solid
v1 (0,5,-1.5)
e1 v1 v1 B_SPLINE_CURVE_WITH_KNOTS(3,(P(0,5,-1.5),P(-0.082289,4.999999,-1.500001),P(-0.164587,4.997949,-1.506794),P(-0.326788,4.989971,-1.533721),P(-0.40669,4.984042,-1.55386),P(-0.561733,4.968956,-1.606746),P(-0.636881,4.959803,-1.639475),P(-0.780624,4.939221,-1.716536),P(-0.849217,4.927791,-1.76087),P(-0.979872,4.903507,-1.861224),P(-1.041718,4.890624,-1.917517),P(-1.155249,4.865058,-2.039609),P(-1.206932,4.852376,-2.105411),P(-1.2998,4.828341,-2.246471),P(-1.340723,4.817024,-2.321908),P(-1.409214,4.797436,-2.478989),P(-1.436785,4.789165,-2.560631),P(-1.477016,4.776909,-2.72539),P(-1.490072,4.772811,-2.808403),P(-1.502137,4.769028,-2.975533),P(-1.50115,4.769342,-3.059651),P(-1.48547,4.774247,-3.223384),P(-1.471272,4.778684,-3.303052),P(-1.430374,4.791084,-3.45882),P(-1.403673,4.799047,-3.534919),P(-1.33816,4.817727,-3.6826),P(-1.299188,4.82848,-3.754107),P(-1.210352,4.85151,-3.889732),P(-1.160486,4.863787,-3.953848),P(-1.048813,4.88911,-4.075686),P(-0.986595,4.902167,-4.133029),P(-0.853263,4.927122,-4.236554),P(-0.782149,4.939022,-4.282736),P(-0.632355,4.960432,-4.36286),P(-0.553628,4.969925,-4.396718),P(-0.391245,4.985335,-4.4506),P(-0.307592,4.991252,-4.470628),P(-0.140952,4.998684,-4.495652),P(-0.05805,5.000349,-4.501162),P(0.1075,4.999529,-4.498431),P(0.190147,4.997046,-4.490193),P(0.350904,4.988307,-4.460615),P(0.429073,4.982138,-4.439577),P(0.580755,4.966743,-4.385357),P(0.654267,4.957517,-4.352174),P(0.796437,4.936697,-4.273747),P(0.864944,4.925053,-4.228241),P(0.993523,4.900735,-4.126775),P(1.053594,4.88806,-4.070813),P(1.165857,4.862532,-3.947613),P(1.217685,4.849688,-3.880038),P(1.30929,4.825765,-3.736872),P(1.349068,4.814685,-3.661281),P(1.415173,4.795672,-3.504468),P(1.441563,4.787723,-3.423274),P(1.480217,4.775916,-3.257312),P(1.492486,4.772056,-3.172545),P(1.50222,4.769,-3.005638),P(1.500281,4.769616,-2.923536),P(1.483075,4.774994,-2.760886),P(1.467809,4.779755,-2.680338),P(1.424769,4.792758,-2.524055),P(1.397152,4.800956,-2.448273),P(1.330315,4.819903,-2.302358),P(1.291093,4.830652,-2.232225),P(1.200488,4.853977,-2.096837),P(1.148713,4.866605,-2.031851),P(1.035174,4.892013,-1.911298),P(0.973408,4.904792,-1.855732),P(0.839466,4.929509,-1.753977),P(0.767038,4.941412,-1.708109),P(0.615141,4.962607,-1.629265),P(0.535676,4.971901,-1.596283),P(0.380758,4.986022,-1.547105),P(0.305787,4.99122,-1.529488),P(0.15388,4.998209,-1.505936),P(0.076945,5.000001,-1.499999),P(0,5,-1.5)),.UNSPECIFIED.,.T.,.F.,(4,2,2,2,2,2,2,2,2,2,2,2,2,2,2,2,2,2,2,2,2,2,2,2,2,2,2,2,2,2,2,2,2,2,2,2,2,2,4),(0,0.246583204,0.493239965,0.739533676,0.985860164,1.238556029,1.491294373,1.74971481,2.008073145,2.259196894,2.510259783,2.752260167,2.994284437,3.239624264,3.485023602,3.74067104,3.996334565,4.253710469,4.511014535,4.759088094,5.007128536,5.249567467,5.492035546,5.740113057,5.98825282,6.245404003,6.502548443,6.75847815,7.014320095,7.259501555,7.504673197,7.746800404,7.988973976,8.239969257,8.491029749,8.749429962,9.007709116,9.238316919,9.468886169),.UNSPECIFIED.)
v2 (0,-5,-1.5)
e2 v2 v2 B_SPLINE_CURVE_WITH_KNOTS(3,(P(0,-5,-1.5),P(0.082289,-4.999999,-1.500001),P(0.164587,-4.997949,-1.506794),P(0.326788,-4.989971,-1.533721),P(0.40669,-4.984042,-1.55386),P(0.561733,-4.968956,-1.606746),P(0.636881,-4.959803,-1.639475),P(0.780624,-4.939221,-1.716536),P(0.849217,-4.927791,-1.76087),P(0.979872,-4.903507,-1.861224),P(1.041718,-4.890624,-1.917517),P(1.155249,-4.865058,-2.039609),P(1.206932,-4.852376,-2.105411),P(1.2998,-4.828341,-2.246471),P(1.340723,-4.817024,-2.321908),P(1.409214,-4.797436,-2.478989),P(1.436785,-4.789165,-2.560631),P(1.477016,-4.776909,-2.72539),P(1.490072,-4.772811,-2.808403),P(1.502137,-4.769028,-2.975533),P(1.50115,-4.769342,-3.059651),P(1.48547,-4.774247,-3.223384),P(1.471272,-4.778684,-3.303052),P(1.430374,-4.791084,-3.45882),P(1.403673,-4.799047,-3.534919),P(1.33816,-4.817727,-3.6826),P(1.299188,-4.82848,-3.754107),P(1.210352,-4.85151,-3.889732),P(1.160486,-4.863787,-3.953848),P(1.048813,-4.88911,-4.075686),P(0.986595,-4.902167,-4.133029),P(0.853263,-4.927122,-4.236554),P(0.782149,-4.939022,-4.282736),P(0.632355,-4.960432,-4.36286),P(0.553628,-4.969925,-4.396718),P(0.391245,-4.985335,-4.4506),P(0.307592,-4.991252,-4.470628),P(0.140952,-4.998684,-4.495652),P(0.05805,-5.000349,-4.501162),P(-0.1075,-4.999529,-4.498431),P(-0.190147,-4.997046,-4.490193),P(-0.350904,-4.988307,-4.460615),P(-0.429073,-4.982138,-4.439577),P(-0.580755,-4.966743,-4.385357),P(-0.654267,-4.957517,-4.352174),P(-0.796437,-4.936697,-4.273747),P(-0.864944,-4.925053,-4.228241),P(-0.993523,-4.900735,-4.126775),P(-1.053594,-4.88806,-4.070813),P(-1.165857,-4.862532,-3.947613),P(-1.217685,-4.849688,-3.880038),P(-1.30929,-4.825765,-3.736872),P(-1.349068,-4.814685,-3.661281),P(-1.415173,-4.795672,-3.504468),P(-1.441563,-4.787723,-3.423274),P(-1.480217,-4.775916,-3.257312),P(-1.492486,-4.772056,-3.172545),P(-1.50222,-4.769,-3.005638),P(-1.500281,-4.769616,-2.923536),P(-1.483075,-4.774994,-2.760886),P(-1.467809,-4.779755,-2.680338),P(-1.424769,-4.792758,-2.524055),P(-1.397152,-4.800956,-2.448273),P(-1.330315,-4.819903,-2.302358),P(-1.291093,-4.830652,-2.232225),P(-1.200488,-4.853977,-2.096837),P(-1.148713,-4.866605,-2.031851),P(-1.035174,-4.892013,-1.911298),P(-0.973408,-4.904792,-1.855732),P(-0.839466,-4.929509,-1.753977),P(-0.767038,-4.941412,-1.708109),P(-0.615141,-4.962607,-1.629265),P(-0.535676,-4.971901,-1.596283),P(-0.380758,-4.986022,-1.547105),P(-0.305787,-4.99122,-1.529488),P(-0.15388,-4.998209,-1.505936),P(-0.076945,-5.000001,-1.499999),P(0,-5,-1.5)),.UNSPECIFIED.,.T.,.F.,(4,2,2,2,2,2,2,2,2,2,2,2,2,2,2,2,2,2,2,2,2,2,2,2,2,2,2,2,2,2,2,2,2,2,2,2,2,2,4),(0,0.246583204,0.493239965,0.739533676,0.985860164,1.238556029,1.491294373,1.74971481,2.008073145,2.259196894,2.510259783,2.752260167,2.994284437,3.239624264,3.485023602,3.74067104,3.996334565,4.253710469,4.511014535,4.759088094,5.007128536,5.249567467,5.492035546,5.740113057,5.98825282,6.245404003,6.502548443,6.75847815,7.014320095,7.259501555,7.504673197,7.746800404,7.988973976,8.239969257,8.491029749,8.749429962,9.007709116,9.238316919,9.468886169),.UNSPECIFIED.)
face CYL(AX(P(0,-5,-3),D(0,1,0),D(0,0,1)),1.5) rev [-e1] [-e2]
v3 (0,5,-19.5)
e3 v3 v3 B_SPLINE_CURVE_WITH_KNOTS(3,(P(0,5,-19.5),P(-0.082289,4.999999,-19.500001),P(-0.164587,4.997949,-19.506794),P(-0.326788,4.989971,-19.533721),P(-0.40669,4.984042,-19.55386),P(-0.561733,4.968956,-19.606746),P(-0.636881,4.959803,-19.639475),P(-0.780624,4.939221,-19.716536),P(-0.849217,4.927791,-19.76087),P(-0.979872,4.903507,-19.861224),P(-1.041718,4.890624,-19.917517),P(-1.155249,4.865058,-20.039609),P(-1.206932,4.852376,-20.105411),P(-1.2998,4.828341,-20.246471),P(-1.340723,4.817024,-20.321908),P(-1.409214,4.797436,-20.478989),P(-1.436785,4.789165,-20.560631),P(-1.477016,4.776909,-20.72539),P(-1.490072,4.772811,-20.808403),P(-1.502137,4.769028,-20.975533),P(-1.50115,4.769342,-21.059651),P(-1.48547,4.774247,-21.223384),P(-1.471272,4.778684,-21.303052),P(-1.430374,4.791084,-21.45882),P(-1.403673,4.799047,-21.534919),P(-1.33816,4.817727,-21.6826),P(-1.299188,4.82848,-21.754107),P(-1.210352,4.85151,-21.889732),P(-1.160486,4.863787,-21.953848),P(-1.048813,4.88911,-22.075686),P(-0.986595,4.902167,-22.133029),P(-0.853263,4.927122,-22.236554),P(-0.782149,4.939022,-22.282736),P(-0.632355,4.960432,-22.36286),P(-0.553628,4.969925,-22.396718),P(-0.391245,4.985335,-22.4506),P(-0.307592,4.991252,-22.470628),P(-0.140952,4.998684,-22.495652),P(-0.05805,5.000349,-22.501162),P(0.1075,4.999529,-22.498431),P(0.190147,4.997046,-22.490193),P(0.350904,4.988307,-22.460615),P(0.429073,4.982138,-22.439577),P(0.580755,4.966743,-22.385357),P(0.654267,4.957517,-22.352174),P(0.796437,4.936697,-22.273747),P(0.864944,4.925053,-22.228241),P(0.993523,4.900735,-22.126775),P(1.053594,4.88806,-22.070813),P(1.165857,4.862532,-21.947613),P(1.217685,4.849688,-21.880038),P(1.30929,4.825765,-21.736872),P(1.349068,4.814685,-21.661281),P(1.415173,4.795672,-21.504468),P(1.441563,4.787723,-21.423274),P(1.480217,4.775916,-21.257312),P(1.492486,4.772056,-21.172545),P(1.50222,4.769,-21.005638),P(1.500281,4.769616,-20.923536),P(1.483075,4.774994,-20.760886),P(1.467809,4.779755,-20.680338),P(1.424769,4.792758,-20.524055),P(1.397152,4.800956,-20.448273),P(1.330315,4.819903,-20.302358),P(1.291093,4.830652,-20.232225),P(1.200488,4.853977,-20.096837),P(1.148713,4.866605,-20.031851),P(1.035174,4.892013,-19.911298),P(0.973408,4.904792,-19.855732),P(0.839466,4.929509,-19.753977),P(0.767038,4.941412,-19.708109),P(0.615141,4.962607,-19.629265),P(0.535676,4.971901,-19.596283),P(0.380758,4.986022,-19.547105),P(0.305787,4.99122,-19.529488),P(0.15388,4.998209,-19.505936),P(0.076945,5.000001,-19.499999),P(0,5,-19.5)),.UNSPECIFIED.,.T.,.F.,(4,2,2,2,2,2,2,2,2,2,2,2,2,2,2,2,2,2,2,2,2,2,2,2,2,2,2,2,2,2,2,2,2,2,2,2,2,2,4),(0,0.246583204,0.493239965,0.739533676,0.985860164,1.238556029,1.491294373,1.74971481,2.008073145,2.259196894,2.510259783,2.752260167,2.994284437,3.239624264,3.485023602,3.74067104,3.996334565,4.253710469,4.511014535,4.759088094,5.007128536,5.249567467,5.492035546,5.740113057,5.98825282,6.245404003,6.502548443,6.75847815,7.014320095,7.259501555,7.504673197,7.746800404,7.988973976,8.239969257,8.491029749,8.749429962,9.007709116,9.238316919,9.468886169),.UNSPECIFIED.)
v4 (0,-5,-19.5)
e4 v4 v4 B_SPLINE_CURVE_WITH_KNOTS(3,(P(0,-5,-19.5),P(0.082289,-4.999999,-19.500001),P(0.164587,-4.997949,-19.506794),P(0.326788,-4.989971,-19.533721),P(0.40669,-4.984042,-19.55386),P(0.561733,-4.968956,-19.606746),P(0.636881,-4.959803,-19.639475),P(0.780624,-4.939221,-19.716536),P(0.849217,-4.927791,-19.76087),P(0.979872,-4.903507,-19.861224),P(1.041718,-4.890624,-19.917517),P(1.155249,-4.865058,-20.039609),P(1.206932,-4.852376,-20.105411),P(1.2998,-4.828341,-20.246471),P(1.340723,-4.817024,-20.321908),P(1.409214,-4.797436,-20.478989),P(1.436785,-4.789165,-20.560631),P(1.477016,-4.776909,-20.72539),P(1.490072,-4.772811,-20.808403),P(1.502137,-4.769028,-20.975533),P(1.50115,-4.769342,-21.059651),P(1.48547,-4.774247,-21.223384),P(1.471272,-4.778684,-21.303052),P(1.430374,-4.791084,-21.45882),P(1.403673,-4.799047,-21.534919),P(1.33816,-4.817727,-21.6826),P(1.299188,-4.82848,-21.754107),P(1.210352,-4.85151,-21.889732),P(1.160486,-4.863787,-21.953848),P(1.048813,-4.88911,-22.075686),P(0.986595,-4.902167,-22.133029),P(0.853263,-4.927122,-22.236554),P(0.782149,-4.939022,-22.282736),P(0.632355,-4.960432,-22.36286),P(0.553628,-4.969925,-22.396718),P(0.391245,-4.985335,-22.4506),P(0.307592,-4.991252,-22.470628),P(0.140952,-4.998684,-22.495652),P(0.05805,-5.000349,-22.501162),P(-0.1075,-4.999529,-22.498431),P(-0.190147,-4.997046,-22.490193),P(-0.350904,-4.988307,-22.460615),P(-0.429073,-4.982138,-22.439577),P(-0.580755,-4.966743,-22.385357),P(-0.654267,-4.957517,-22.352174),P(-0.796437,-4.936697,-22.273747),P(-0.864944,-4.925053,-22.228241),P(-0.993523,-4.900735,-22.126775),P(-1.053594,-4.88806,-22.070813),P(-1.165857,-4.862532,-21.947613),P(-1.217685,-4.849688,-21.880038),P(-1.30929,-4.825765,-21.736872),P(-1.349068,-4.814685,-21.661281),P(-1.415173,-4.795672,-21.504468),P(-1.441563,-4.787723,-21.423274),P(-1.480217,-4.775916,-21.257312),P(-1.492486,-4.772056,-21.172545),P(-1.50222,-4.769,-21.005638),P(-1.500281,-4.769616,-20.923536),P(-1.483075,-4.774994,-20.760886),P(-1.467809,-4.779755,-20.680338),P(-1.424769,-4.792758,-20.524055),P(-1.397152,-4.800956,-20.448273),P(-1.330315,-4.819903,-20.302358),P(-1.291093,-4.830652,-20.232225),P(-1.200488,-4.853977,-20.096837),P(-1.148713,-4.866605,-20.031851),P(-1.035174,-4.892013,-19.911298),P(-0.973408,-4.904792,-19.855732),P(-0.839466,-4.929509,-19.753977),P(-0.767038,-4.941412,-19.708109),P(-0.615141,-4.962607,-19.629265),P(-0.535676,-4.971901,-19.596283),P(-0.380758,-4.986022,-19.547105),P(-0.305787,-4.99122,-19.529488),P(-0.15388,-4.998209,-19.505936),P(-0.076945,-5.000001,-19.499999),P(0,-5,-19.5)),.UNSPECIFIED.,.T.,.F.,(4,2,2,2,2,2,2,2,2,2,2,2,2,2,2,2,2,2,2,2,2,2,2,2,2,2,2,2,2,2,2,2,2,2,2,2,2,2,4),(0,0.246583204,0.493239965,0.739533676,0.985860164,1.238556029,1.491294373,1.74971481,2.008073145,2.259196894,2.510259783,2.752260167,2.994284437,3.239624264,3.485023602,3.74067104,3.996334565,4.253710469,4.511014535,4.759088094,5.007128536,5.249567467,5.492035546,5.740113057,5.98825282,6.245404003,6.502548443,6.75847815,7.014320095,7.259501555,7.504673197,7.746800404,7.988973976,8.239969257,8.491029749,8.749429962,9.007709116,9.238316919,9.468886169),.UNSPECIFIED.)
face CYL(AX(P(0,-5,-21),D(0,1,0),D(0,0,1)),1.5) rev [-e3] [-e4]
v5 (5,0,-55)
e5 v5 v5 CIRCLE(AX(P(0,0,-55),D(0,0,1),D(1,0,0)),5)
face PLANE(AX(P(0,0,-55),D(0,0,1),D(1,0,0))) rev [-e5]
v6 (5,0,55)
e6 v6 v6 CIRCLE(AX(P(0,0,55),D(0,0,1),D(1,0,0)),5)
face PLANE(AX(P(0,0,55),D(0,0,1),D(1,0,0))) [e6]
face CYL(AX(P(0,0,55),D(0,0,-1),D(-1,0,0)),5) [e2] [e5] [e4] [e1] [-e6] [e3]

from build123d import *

# Parameters (mm, degrees)
SKETCH1_R               = 5
BOSS_EXTRUDE1_DEPTH     = 55
CUT_EXTRUDE1_DEPTH      = 56.452682532
CUT_EXTRUDE1_DEPTH_BACK = 56.452682532
SKETCH2_R               = 1.5


with BuildPart() as part:
    # Sketch1 → Boss-Extrude1 (new, symmetric)
    with BuildSketch(Plane.XY):
        Circle(SKETCH1_R)
    extrude(amount=BOSS_EXTRUDE1_DEPTH, both=True)

    # Sketch2 → Cut-Extrude1 (cut, two sides: drawn at the far end of the back side and taken through both)
    with BuildSketch(Plane(origin=(0, 0, 0), x_dir=(1, 0, 0), z_dir=(0, 1, 0)).offset(-CUT_EXTRUDE1_DEPTH_BACK)):
        with Locations(Location((0, 21, 0), (0, 0, 270))):
            Circle(SKETCH2_R)
        with Locations(Location((0, 3, 0), (0, 0, 270))):
            Circle(SKETCH2_R)
    extrude(amount=CUT_EXTRUDE1_DEPTH + CUT_EXTRUDE1_DEPTH_BACK, mode=Mode.SUBTRACT)


solid = part.part
